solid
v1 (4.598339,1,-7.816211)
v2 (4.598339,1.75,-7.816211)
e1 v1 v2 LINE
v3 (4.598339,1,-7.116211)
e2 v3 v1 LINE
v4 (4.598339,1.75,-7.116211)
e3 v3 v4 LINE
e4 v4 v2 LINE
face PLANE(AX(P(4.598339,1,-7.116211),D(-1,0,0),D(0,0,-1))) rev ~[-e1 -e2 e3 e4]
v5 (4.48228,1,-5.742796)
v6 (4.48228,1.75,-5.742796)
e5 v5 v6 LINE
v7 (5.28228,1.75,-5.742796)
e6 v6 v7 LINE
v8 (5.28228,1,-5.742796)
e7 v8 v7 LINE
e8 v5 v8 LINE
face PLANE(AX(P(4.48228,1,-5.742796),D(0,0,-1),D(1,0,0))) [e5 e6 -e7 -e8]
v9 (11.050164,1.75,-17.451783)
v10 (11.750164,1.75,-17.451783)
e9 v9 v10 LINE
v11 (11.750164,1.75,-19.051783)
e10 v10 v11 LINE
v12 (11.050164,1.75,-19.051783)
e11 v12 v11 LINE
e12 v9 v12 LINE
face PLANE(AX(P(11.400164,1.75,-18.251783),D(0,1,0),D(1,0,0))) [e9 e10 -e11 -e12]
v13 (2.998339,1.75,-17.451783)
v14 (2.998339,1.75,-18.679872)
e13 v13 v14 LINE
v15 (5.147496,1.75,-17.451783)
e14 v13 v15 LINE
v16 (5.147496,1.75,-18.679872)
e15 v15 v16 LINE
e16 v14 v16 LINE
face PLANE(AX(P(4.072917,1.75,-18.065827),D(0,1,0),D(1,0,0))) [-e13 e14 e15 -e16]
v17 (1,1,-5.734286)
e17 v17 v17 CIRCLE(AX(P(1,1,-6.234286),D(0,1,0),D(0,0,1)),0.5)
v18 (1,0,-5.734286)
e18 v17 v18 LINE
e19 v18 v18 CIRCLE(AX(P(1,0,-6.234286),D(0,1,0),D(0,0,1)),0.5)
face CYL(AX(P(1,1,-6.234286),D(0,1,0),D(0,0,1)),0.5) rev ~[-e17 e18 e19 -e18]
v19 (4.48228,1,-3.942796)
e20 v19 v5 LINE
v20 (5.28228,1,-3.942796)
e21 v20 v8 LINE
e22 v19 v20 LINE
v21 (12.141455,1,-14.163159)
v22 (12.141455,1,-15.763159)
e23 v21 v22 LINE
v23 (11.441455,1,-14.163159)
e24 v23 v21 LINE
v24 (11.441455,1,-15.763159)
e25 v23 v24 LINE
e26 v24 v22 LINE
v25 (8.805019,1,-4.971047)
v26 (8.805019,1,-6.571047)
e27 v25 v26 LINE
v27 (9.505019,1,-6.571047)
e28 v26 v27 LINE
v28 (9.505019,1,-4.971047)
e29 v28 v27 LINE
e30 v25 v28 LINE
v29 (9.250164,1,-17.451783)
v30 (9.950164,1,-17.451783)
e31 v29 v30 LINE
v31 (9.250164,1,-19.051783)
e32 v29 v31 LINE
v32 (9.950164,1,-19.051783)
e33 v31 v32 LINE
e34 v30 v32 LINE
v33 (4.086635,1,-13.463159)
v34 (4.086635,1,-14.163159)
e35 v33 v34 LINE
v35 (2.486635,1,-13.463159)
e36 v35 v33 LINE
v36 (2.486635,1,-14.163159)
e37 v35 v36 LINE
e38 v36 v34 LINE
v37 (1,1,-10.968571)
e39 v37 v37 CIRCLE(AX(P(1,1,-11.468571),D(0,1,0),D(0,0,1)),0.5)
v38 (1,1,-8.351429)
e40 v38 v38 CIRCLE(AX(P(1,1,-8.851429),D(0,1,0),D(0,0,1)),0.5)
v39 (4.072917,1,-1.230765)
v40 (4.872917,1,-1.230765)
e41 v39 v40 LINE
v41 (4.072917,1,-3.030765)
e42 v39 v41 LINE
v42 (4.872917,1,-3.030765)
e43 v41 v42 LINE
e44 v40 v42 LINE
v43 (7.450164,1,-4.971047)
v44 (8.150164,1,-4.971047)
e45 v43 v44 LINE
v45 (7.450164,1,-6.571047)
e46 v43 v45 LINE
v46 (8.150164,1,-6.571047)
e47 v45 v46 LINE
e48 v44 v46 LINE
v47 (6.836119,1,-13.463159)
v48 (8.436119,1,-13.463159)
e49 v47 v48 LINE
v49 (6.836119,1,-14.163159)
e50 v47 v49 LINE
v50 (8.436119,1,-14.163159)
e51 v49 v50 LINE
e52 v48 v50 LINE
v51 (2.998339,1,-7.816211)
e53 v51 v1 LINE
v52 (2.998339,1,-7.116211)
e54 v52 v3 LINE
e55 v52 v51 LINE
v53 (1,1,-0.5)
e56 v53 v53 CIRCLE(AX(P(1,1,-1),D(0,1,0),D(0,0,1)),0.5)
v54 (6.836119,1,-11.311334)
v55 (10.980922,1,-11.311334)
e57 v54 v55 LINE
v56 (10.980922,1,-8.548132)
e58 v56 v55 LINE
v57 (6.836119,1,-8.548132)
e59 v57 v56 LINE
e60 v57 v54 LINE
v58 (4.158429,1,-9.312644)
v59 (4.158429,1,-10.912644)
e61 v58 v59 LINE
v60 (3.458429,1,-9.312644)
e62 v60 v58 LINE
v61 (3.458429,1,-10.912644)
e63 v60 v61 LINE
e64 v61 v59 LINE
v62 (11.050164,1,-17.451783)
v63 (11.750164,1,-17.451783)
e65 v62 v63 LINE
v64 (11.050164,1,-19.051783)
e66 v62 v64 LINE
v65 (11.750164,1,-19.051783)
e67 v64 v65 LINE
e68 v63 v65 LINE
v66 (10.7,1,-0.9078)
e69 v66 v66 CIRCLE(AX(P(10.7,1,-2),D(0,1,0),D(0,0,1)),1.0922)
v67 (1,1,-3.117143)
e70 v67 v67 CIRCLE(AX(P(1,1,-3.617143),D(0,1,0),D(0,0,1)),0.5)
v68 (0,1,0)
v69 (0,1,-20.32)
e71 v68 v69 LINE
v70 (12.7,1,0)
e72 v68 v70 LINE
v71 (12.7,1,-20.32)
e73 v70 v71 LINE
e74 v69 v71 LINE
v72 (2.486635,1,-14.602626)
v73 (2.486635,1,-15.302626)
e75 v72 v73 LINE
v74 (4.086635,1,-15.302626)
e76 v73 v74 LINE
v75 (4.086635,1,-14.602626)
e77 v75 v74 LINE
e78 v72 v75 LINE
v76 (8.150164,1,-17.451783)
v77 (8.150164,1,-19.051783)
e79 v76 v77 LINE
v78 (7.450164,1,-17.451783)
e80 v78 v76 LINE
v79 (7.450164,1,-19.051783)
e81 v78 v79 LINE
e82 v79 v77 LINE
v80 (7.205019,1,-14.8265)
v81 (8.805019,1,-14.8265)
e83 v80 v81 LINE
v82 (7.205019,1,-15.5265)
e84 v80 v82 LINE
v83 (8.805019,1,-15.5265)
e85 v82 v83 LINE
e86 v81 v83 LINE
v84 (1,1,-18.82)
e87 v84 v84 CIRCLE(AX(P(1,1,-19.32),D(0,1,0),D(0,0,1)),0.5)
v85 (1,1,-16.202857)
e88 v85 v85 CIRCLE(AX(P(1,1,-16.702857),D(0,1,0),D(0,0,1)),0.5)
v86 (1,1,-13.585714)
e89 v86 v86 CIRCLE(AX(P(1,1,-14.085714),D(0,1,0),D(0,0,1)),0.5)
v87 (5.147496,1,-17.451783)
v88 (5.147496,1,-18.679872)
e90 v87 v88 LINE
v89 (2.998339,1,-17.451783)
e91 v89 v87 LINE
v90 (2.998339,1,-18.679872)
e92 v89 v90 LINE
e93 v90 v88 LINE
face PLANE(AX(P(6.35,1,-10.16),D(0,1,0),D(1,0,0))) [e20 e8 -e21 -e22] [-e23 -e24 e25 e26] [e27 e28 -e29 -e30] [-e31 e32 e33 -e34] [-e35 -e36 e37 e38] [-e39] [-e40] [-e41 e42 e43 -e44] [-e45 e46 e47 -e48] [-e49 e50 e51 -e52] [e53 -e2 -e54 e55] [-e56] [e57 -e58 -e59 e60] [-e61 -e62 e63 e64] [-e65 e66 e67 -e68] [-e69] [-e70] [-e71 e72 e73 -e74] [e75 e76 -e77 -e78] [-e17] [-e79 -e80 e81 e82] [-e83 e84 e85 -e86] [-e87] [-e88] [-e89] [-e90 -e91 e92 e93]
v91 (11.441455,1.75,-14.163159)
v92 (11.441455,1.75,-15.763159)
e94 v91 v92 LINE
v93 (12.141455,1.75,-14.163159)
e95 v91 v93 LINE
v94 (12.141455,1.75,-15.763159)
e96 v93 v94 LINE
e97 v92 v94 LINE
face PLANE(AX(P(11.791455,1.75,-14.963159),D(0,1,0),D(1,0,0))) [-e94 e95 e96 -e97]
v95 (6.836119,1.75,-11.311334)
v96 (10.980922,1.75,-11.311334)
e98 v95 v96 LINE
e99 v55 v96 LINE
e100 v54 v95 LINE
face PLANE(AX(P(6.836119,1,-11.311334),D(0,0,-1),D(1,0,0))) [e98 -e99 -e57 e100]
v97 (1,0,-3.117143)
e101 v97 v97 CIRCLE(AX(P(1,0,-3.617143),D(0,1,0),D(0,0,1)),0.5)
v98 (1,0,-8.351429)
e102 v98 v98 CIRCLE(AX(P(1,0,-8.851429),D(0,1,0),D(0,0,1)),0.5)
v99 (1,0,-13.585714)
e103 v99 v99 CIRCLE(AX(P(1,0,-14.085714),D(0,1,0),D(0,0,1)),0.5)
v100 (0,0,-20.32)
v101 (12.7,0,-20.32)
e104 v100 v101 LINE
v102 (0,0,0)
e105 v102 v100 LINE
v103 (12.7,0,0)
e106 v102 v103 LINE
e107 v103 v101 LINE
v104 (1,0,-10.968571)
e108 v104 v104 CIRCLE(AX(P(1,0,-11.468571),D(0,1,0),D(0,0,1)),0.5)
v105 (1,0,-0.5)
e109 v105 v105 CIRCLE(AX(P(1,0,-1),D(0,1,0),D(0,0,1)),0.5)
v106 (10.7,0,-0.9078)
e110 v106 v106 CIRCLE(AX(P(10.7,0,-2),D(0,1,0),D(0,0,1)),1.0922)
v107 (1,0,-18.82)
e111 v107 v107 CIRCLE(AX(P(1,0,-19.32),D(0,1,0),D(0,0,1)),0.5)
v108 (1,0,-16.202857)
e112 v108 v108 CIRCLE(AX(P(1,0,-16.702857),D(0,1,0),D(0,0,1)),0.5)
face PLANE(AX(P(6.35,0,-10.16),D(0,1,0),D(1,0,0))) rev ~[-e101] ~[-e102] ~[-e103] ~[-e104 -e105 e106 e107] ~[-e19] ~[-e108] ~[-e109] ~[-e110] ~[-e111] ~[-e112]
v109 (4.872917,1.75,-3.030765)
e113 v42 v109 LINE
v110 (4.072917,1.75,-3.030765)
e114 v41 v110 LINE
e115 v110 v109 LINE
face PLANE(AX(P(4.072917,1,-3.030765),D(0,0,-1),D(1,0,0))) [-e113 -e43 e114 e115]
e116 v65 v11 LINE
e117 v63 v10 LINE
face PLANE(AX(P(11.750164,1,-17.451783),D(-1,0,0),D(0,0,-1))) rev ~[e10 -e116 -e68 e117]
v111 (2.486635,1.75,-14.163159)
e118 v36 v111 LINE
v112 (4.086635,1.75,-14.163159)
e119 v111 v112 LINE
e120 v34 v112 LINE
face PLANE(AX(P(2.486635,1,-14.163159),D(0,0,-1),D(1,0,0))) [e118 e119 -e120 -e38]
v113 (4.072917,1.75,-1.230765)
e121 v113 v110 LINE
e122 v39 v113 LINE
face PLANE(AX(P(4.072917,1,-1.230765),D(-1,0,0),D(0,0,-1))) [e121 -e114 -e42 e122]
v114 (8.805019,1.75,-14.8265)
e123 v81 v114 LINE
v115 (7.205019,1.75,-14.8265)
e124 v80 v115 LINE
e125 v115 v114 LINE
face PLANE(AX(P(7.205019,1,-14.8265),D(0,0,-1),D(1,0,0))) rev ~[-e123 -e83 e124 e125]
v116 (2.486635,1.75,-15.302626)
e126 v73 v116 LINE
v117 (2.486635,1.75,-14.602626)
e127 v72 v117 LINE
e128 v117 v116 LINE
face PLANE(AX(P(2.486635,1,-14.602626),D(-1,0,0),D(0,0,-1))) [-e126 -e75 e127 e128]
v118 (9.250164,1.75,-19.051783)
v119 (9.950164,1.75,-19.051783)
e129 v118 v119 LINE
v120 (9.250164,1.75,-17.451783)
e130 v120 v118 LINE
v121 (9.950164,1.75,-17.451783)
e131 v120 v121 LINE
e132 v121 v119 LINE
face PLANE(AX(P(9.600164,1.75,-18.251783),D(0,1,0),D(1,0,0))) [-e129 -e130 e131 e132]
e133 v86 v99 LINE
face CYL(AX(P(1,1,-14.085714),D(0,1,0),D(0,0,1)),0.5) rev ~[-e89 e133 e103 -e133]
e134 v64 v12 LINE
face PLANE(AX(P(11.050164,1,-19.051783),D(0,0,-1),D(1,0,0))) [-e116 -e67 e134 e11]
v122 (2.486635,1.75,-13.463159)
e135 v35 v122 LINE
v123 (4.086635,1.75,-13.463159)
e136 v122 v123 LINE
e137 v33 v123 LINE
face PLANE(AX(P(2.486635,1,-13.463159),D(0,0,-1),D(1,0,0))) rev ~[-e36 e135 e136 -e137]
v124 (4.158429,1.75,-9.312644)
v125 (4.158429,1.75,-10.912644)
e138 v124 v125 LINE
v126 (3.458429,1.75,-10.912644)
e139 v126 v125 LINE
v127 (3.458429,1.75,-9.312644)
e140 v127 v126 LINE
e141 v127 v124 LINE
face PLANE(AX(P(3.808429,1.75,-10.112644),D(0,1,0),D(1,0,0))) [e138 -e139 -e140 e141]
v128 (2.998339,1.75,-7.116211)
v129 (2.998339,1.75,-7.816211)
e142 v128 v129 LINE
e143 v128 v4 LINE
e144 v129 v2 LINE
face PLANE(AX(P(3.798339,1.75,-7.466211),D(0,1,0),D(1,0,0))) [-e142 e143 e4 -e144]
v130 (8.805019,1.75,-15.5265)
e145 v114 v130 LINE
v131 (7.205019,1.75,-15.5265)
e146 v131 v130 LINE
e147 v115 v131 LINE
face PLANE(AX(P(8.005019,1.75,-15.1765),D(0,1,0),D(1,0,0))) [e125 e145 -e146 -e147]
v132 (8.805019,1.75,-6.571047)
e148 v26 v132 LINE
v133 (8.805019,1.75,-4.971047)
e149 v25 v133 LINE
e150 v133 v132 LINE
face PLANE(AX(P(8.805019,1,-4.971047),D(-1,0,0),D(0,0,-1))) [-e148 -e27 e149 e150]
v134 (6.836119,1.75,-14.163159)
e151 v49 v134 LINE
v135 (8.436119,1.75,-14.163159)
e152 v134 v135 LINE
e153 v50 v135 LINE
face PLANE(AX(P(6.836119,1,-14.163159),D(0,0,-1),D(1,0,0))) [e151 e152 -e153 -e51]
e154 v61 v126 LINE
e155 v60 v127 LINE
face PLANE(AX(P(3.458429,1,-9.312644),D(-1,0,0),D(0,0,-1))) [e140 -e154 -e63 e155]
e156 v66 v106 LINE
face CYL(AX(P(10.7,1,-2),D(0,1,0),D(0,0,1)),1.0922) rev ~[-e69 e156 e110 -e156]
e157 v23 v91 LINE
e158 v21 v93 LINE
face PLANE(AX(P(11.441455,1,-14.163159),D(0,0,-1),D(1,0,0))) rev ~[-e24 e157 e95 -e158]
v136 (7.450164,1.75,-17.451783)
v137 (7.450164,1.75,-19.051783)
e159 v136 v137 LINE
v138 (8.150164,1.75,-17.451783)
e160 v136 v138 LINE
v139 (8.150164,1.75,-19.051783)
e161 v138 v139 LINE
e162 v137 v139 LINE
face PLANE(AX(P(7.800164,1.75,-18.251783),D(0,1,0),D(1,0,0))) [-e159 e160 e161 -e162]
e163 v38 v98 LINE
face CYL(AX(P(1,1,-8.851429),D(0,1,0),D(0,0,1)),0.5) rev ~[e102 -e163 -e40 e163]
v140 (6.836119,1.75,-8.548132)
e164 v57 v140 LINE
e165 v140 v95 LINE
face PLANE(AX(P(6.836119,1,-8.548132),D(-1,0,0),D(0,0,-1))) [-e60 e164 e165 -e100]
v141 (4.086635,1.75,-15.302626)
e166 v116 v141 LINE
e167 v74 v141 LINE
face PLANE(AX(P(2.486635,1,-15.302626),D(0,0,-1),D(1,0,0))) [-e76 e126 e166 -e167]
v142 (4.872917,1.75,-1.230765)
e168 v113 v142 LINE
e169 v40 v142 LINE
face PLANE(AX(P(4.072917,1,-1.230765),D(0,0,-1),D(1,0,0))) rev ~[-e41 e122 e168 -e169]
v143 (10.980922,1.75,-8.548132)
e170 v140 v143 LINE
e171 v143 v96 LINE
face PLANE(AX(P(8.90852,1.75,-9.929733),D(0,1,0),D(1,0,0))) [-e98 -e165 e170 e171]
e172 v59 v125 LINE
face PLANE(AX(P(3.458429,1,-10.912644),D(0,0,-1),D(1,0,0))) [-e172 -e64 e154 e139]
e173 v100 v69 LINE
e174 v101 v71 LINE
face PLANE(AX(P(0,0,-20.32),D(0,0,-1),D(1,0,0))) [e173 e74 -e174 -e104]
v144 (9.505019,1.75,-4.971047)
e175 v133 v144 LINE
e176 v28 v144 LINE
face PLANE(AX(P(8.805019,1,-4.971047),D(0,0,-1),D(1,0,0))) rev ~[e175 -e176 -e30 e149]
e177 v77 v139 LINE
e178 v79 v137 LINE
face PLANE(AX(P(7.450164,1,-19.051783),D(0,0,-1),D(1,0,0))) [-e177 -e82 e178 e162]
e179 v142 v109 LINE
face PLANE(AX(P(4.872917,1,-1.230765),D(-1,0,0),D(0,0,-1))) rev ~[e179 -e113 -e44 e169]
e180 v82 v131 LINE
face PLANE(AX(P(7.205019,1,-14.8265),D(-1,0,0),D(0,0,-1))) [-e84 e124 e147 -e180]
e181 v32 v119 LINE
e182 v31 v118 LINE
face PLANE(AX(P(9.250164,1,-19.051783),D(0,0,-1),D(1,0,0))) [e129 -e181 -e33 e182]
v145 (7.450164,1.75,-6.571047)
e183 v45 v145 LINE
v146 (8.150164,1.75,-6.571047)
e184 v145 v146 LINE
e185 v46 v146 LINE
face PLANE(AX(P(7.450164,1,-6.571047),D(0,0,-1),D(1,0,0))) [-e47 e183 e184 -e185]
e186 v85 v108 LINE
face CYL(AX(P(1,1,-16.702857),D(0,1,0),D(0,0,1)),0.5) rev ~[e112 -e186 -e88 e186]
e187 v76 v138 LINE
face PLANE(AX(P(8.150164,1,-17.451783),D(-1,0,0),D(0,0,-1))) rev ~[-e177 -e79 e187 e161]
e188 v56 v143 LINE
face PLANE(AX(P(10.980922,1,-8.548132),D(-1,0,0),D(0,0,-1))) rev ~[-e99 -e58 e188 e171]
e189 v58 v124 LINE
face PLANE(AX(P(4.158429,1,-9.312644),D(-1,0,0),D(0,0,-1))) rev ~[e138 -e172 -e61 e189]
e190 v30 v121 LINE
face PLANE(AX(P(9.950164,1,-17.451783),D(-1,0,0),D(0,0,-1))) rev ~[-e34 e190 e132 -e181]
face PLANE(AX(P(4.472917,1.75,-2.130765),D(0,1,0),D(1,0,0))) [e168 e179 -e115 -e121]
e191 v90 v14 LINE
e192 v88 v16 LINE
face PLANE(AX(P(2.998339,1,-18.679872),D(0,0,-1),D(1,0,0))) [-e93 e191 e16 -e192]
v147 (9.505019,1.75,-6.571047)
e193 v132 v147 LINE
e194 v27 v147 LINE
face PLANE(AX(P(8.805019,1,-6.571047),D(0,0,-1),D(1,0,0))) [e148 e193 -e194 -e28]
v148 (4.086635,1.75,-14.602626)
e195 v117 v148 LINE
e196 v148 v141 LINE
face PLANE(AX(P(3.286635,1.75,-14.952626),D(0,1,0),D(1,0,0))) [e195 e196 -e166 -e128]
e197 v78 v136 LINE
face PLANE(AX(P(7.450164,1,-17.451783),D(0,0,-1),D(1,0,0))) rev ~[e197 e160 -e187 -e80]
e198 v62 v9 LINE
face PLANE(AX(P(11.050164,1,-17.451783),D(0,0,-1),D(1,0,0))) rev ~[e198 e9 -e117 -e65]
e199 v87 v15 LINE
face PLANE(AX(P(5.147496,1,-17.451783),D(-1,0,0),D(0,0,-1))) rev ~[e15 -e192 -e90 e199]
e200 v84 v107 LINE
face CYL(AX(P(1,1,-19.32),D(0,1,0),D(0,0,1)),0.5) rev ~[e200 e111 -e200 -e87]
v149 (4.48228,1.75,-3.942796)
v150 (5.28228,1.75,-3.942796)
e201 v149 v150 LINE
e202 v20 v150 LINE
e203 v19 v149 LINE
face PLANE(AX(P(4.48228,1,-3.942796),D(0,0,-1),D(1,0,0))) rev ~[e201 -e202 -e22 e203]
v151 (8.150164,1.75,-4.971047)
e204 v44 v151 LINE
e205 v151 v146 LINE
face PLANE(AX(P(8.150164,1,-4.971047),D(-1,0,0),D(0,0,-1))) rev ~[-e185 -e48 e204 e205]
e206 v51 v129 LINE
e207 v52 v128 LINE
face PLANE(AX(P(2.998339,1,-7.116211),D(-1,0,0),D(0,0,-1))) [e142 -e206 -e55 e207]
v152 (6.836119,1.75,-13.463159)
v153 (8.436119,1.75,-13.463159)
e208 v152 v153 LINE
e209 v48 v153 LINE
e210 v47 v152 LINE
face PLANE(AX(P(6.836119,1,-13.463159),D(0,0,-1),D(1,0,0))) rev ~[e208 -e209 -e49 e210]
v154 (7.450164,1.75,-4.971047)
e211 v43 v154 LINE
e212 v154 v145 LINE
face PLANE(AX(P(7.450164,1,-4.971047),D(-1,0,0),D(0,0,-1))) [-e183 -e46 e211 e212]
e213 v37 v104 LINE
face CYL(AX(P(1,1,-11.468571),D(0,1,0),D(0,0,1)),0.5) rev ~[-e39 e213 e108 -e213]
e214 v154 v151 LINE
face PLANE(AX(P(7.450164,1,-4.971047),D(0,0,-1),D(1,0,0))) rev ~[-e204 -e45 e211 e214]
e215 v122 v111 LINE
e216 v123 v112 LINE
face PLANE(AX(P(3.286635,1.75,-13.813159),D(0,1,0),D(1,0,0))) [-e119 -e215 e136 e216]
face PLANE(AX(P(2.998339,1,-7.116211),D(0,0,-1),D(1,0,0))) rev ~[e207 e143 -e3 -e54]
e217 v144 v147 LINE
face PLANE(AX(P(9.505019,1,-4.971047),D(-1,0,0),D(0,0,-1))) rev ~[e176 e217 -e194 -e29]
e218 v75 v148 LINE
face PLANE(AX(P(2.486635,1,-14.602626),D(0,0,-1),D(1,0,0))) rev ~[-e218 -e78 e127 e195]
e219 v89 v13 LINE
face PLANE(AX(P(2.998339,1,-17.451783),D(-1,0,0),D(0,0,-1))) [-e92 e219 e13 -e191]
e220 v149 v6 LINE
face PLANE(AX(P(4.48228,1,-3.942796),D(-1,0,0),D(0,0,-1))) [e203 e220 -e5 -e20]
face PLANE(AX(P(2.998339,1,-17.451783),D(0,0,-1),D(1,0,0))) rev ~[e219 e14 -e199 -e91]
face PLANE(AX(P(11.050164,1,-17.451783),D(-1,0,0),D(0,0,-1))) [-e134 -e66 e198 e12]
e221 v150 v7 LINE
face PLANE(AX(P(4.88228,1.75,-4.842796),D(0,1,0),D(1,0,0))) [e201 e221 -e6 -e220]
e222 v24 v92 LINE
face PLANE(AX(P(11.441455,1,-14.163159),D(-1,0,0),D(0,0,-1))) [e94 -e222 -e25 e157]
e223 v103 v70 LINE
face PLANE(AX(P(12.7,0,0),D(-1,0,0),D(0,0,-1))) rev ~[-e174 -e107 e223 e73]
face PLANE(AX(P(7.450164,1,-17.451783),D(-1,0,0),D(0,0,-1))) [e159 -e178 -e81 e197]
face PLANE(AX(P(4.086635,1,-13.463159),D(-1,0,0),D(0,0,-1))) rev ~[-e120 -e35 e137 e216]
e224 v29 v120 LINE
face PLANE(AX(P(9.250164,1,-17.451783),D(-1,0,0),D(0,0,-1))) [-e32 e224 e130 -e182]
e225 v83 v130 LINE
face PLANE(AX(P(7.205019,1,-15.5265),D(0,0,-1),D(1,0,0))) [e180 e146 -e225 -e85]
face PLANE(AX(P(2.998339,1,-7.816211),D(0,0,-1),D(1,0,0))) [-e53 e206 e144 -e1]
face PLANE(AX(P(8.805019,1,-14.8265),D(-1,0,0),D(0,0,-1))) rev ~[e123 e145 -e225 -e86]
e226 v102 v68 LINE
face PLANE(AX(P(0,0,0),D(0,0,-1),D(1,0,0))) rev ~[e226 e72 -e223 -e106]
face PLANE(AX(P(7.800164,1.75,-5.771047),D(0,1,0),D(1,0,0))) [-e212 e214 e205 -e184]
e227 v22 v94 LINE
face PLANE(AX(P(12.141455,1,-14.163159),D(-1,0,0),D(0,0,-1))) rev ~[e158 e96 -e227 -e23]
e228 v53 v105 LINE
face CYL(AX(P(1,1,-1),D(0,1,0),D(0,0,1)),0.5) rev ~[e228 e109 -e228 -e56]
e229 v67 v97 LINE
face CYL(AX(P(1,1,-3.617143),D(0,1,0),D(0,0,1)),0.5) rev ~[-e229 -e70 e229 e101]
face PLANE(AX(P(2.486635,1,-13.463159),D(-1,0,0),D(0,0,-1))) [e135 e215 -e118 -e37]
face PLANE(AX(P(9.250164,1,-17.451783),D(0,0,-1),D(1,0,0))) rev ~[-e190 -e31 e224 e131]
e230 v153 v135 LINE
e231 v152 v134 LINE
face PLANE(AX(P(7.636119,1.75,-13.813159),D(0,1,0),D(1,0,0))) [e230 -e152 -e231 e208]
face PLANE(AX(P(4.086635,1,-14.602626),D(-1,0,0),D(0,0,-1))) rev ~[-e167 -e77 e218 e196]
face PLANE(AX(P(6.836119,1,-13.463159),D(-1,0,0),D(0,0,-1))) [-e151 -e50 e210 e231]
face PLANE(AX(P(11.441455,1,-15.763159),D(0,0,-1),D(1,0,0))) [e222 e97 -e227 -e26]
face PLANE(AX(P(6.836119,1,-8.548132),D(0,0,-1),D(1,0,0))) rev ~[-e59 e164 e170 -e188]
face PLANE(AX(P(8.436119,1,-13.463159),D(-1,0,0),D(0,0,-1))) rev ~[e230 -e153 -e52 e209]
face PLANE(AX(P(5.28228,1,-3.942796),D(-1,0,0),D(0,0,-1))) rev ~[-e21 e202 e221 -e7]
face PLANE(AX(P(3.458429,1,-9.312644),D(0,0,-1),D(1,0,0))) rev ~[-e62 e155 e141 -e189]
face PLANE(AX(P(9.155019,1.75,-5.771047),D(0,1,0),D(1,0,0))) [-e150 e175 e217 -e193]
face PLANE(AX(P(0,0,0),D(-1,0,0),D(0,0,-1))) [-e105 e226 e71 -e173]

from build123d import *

# Parameters (mm, degrees)
SKETCH1_W           = 12.7
SKETCH1_H           = 20.32
BOSS_EXTRUDE1_DEPTH = 1
SKETCH2_R           = 0.5
SKETCH2_R_2         = 1.0922
CUT_EXTRUDE2_DEPTH  = 1
SKETCH3_W           = 0.7
SKETCH3_H           = 1.6
SKETCH3_W_2         = 2.149156966
SKETCH3_H_2         = 1.228089695
SKETCH3_W_3         = 4.14480272
SKETCH3_H_3         = 2.763201813
SKETCH3_W_4         = 0.8
SKETCH3_H_4         = 1.8
SKETCH3_W_5         = 1.6
SKETCH3_H_5         = 0.7
BOSS_EXTRUDE3_DEPTH = 0.75


with BuildPart() as part:
    # Sketch1 → Boss-Extrude1 (new body)
    with BuildSketch(Plane(origin=(0, 0, 0), x_dir=(1, 0, 0), z_dir=(0, 1, 0))):
        with Locations((6.35, 10.16)):
            Rectangle(SKETCH1_W, SKETCH1_H)
    extrude(amount=BOSS_EXTRUDE1_DEPTH)

    # Sketch2 → Cut-Extrude2 (cut)
    with BuildSketch(Plane(origin=(0, 1, 0), x_dir=(1, 0, 0), z_dir=(0, 1, 0))):
        with Locations(Location((1, 19.32, 0), (0, 0, 270))):
            Circle(SKETCH2_R)
        with Locations(Location((1, 16.702857143, 0), (0, 0, 270))):
            Circle(SKETCH2_R)
        with Locations(Location((1, 14.085714286, 0), (0, 0, 270))):
            Circle(SKETCH2_R)
        with Locations(Location((1, 11.468571429, 0), (0, 0, 270))):
            Circle(SKETCH2_R)
        with Locations(Location((1, 8.851428571, 0), (0, 0, 270))):
            Circle(SKETCH2_R)
        with Locations(Location((1, 6.234285714, 0), (0, 0, 270))):
            Circle(SKETCH2_R)
        with Locations(Location((1, 3.617142857, 0), (0, 0, 270))):
            Circle(SKETCH2_R)
        with Locations(Location((1, 1, 0), (0, 0, 270))):
            Circle(SKETCH2_R)
        with Locations(Location((10.7, 2, 0), (0, 0, 270))):
            Circle(SKETCH2_R_2)
    extrude(amount=-CUT_EXTRUDE2_DEPTH, mode=Mode.SUBTRACT)

    # Sketch3 → Boss-Extrude3 (add)
    with BuildSketch(Plane(origin=(0, 1, 0), x_dir=(1, 0, 0), z_dir=(0, 1, 0))):
        with Locations((9.600163685, 18.251782562)):
            Rectangle(SKETCH3_W, SKETCH3_H)
        with Locations((4.072917024, 18.06582741)):
            Rectangle(SKETCH3_W_2, SKETCH3_H_2)
        with Locations((8.908520197, 9.929733183)):
            Rectangle(SKETCH3_W_3, SKETCH3_H_3)
        with Locations((4.882280256, 4.84279592)):
            Rectangle(SKETCH3_W_4, SKETCH3_H_4)
        with Locations((4.472917024, 2.130764511)):
            Rectangle(SKETCH3_W_4, SKETCH3_H_4)
        with Locations((7.800163685, 18.251782562)):
            Rectangle(SKETCH3_W, SKETCH3_H)
        with Locations((11.400163685, 18.251782562)):
            Rectangle(SKETCH3_W, SKETCH3_H)
        with Locations((11.791455193, 14.963159232)):
            Rectangle(SKETCH3_W, SKETCH3_H)
        with Locations((3.286634502, 14.952625597)):
            Rectangle(SKETCH3_W_5, SKETCH3_H_5)
        with Locations((3.286634502, 13.813159232)):
            Rectangle(SKETCH3_W_5, SKETCH3_H_5)
        with Locations((8.005018674, 15.176499715)):
            Rectangle(SKETCH3_W_5, SKETCH3_H_5)
        with Locations((7.636118837, 13.813159232)):
            Rectangle(SKETCH3_W_5, SKETCH3_H_5)
        with Locations((3.808428935, 10.112643834)):
            Rectangle(SKETCH3_W, SKETCH3_H)
        with Locations((7.800163685, 5.771046806)):
            Rectangle(SKETCH3_W, SKETCH3_H)
        with Locations((9.155018674, 5.771046806)):
            Rectangle(SKETCH3_W, SKETCH3_H)
        with Locations((3.798338541, 7.466211291)):
            Rectangle(SKETCH3_W_5, SKETCH3_H_5)
    extrude(amount=BOSS_EXTRUDE3_DEPTH)


solid = part.part
